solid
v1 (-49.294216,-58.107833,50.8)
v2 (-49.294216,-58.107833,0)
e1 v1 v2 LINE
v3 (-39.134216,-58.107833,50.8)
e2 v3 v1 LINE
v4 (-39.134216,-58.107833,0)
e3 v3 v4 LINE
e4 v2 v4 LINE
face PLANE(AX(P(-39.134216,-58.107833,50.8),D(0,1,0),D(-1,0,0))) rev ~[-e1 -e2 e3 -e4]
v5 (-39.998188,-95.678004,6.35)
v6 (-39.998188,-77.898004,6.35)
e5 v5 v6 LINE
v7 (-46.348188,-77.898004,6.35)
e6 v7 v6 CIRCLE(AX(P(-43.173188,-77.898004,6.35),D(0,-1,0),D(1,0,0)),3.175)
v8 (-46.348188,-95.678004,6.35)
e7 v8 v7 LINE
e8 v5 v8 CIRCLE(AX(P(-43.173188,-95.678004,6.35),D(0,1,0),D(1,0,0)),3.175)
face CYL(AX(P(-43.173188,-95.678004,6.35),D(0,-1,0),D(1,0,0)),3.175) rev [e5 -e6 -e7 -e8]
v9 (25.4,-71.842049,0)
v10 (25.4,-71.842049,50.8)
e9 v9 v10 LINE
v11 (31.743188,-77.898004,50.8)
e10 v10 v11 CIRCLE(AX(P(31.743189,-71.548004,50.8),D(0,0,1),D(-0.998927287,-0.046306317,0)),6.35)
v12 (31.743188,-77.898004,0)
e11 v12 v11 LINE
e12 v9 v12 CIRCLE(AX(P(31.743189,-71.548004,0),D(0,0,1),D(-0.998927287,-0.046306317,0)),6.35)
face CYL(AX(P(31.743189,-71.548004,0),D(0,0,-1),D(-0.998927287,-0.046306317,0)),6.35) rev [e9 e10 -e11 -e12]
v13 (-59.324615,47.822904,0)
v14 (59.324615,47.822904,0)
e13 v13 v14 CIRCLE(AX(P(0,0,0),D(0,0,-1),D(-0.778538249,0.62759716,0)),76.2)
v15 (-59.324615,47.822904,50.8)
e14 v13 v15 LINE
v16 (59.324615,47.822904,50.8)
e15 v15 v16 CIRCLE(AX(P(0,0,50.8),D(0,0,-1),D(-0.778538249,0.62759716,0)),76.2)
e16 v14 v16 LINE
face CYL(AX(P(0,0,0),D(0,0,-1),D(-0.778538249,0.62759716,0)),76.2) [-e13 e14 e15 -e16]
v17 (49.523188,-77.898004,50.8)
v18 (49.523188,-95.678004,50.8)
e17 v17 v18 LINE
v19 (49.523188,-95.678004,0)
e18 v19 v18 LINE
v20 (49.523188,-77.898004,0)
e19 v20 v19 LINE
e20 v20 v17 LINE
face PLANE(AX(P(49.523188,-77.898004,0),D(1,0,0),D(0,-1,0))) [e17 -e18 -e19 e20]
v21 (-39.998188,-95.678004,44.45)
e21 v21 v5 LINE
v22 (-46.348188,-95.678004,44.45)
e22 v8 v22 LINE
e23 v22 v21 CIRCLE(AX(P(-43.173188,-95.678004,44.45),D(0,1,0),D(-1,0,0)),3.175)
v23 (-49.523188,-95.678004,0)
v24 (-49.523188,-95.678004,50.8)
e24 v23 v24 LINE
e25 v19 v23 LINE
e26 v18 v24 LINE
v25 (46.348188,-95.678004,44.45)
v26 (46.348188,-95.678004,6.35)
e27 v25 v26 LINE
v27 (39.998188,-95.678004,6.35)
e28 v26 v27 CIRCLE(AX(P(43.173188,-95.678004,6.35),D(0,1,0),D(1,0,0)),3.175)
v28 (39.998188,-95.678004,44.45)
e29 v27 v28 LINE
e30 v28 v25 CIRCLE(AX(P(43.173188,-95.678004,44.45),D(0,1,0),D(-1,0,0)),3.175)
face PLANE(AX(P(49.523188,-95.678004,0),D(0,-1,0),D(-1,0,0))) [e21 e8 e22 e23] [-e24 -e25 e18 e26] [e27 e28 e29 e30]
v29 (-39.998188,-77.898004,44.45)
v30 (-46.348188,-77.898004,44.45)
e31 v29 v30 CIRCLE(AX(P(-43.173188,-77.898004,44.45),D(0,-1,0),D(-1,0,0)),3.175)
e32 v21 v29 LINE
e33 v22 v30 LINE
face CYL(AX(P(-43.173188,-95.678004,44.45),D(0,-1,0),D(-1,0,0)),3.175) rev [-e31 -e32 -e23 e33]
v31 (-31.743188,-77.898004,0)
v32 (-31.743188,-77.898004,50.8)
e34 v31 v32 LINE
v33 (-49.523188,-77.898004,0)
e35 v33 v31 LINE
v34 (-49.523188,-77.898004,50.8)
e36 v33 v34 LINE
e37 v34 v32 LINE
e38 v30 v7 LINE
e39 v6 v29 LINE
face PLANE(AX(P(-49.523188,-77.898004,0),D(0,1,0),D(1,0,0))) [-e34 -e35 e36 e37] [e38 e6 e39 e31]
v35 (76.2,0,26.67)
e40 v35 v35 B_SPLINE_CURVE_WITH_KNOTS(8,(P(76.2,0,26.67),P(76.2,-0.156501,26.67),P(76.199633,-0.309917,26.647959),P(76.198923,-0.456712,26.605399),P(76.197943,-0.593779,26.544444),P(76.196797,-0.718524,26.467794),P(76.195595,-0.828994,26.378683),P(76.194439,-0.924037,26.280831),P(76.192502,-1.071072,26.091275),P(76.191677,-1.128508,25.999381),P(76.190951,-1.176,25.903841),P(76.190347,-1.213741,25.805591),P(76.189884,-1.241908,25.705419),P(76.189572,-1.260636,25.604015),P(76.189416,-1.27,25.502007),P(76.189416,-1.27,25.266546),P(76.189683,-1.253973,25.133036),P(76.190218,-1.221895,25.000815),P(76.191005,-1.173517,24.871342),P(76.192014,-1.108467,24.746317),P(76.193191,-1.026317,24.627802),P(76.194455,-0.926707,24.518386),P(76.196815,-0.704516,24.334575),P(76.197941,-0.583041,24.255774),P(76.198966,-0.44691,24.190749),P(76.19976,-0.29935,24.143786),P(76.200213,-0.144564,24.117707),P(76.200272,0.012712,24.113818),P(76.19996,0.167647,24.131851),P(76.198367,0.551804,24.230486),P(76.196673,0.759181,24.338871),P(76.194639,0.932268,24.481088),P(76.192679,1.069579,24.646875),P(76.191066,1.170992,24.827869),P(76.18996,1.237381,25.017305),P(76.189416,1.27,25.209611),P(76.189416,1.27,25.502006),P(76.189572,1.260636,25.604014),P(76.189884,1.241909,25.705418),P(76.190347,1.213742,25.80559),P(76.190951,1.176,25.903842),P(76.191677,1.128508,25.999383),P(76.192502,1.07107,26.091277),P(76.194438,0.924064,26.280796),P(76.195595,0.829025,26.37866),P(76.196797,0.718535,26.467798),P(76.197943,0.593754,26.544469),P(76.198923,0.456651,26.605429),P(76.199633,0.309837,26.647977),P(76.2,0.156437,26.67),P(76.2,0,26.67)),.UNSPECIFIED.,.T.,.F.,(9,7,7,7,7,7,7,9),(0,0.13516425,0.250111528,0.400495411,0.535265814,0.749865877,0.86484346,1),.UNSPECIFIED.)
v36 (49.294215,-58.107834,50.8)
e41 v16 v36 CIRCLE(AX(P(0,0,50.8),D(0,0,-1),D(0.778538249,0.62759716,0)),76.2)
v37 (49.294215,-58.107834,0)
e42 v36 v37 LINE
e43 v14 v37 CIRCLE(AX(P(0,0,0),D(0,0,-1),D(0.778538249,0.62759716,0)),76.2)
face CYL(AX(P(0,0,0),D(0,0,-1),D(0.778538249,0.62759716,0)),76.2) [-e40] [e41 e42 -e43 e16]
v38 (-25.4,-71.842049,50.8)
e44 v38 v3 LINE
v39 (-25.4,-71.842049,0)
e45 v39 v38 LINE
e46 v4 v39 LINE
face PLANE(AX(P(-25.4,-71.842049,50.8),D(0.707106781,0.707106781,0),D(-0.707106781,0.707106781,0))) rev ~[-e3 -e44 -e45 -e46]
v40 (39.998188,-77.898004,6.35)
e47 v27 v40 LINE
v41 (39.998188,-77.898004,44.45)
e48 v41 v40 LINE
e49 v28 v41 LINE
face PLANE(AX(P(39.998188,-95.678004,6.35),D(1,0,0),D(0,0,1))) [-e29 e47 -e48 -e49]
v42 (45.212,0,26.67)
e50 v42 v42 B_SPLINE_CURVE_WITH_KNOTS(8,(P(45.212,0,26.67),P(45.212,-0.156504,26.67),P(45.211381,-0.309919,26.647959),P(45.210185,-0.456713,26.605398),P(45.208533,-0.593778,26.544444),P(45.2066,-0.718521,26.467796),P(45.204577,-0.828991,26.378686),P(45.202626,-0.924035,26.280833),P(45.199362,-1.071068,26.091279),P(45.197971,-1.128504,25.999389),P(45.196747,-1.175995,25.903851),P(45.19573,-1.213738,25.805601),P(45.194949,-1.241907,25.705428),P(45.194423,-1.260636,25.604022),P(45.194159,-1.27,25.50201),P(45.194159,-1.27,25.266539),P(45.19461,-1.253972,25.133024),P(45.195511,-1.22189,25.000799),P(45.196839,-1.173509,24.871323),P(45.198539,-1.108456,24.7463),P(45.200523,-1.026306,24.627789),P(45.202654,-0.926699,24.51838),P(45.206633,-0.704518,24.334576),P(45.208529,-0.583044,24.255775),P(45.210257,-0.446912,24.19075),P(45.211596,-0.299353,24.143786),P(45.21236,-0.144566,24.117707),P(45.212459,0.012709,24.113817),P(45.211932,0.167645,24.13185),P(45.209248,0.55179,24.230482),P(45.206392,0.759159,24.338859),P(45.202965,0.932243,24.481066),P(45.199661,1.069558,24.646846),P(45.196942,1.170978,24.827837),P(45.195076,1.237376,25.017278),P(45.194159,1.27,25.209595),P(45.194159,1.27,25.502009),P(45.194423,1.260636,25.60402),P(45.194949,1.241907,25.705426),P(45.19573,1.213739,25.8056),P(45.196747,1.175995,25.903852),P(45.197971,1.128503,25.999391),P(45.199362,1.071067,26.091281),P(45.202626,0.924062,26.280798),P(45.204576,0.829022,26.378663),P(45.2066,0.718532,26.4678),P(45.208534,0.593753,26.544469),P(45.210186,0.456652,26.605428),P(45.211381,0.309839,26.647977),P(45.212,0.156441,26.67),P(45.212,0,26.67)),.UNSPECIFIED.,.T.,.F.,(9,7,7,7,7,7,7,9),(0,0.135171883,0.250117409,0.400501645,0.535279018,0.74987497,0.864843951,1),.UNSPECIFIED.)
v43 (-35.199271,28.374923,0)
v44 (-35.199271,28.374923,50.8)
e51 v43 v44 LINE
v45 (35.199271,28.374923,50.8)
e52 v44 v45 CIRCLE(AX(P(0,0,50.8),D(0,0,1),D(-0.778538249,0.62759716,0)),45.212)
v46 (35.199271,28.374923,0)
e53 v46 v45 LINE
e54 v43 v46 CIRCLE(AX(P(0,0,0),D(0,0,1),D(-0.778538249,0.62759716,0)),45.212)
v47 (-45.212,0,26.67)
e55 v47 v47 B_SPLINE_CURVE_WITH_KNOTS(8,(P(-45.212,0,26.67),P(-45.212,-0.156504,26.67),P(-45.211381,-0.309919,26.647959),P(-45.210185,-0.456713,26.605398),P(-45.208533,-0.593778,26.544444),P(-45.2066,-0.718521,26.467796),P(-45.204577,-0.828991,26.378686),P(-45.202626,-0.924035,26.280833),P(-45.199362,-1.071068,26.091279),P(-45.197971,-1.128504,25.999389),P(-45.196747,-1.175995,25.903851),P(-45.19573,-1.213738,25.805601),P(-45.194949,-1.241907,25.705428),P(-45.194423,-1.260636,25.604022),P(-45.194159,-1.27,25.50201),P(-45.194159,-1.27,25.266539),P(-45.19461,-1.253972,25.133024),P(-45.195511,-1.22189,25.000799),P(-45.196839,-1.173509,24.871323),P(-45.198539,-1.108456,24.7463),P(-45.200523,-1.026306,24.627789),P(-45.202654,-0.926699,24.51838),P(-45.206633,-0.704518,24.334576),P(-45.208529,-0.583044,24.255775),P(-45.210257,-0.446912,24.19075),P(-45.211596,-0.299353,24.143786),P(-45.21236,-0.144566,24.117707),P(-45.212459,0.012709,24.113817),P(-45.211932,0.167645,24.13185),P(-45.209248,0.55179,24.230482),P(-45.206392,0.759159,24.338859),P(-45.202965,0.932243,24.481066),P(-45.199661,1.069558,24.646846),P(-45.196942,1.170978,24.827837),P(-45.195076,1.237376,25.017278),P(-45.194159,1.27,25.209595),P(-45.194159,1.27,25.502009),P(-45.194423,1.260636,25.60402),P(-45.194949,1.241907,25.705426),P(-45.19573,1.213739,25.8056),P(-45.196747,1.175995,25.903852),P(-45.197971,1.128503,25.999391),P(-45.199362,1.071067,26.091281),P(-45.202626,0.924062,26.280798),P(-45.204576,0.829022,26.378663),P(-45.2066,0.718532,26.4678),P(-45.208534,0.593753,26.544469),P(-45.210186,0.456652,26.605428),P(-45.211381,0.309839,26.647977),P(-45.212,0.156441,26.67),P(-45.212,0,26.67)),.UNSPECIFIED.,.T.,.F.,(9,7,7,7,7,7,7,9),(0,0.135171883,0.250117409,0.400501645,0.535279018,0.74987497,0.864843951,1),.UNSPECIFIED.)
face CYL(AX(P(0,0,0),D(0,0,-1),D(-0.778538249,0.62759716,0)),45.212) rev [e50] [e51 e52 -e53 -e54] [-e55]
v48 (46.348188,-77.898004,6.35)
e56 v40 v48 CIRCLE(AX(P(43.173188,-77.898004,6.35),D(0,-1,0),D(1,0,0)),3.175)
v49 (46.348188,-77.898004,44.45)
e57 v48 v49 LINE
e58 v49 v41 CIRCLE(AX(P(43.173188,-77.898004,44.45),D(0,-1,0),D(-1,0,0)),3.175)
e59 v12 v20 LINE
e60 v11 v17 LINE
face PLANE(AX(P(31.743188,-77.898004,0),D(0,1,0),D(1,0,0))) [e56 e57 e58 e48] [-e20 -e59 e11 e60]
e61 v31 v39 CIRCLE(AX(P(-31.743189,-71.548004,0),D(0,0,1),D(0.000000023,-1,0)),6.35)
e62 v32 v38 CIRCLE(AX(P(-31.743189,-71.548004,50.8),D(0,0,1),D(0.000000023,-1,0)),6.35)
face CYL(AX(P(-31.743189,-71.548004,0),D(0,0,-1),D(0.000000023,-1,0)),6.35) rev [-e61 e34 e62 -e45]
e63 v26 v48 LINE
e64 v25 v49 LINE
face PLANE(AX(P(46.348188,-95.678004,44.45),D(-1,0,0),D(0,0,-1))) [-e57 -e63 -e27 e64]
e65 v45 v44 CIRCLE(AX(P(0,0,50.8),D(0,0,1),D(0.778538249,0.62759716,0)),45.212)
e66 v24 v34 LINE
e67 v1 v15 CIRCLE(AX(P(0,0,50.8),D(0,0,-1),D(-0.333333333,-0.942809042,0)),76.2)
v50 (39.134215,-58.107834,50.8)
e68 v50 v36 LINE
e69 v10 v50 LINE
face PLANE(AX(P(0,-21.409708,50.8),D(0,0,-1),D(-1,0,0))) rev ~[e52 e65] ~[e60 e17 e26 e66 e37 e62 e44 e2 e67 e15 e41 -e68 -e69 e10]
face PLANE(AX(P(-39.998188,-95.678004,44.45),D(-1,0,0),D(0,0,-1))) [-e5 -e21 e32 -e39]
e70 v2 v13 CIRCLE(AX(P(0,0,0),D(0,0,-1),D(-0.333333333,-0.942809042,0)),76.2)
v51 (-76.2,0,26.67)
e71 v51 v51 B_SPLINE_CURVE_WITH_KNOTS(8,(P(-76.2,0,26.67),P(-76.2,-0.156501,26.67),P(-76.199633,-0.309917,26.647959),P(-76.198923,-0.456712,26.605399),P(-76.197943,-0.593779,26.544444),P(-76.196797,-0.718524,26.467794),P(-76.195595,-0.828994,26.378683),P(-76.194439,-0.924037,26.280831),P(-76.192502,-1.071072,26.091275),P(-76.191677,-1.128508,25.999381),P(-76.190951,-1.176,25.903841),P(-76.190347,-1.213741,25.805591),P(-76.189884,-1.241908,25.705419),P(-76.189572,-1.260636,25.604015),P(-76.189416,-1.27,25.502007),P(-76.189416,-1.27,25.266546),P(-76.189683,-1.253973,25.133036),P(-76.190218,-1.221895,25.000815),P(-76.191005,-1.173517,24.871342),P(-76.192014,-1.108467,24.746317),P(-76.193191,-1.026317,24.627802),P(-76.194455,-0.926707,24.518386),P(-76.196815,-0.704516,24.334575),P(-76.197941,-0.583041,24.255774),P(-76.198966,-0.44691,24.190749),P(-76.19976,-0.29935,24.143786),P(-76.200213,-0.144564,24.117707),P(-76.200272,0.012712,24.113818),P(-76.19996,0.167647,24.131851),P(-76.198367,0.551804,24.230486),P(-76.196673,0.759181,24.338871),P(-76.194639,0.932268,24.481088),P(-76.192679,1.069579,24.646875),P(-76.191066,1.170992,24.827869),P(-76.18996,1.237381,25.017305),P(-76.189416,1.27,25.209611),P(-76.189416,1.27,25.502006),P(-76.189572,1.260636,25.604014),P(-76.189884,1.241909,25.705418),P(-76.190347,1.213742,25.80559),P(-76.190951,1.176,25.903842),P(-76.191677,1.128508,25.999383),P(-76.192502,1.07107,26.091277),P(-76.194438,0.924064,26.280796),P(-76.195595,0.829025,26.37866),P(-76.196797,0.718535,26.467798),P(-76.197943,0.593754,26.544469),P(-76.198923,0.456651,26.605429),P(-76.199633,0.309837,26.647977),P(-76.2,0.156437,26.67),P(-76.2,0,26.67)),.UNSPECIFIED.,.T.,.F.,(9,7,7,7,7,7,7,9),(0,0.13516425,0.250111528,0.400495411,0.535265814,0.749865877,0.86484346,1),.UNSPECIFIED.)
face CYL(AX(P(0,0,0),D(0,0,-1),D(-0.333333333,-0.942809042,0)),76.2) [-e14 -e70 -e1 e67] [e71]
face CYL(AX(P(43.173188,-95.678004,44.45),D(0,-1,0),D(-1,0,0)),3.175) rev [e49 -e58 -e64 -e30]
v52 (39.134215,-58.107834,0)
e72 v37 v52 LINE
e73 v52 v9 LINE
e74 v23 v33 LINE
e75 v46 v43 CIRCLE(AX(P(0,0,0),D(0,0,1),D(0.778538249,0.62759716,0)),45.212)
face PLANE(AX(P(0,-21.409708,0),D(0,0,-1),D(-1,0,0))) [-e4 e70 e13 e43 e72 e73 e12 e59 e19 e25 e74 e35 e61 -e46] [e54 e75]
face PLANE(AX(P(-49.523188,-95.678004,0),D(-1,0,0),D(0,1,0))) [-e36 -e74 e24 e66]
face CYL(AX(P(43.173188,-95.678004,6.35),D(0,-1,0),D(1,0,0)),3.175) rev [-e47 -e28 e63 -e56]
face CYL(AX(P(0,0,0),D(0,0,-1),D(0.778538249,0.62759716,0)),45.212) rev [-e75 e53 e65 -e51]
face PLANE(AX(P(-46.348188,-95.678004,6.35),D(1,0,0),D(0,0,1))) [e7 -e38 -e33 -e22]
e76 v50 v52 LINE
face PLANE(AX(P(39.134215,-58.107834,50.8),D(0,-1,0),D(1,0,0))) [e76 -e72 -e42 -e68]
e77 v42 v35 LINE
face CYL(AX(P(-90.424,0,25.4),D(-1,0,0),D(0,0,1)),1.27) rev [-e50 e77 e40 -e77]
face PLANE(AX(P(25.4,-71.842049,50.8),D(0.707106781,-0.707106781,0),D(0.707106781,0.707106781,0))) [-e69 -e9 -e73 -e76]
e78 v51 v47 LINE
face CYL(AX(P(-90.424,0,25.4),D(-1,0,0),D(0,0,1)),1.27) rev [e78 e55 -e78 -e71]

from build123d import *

# Parameters (mm, degrees)
BOSS_EXTRUDE1_DEPTH     = 50.8
CUT_EXTRUDE1_DEPTH      = 25.4
CUT_EXTRUDE2_DEPTH      = 72.136
CUT_EXTRUDE3_DEPTH      = 113.284
CUT_EXTRUDE3_DEPTH_BACK = 90.424
SKETCH5_R               = 1.27


with BuildPart() as part:
    # Sketch2 → Boss-Extrude1 (new body)
    with BuildSketch(Plane.XY):
        with BuildLine():
            Line((31.743188487, -77.898004197), (49.523188487, -77.898004197))
            Line((49.523188487, -77.898004197), (49.523188487, -95.678004197))
            Line((49.523188487, -95.678004197), (-49.523188487, -95.678004197))
            Line((-49.523188487, -95.678004197), (-49.523188487, -77.898004197))
            Line((-49.523188487, -77.898004197), (-31.743188487, -77.898004197))
            ThreePointArc((-31.743188487, -77.898004197), (-27.358253154, -76.140916358), (-25.4, -71.842048969))
            ThreePointArc((-25.4, -71.842048969), (-73.310915254, -20.783399738), (-59.324614565, 47.822903578))
            ThreePointArc((-59.324614565, 47.822903578), (0, 76.2), (59.324614565, 47.822903578))
            ThreePointArc((59.324614565, 47.822903578), (73.310915254, -20.783399738), (25.4, -71.842048969))
            ThreePointArc((25.4, -71.842048969), (27.358253154, -76.140916358), (31.743188487, -77.898004197))
        make_face()
        with BuildLine():
            ThreePointArc((-35.199271309, 28.37492279), (0, -45.212), (35.199271309, 28.37492279))
            ThreePointArc((35.199271309, 28.37492279), (0, 45.212), (-35.199271309, 28.37492279))
        make_face(mode=Mode.SUBTRACT)
    extrude(amount=BOSS_EXTRUDE1_DEPTH)

    # Sketch3 → Cut-Extrude1 (cut)
    with BuildSketch(Plane.XZ.offset(95.678004197)):
        with BuildLine():
            Line((-39.998188487, 44.45), (-39.998188487, 6.35))
            ThreePointArc((-39.998188487, 6.35), (-43.173188487, 3.175), (-46.348188487, 6.35))
            Line((-46.348188487, 6.35), (-46.348188487, 44.45))
            ThreePointArc((-46.348188487, 44.45), (-43.173188487, 47.625), (-39.998188487, 44.45))
        make_face()
        with BuildLine():
            Line((46.348188487, 44.45), (46.348188487, 6.35))
            ThreePointArc((46.348188487, 6.35), (43.173188487, 3.175), (39.998188487, 6.35))
            Line((39.998188487, 6.35), (39.998188487, 44.45))
            ThreePointArc((39.998188487, 44.45), (43.173188487, 47.625), (46.348188487, 44.45))
        make_face()
    extrude(amount=-CUT_EXTRUDE1_DEPTH, mode=Mode.SUBTRACT)

    # Sketch4 → Cut-Extrude2 (cut)
    with BuildSketch(Plane.XY.offset(50.8)):
        with BuildLine():
            Line((25.4, -71.842048969), (39.134215056, -58.107833913))
            Line((39.134215056, -58.107833913), (49.294215056, -58.107833913))
            ThreePointArc((49.294215056, -58.107833913), (40.1915566, -69.92359541), (25.4, -71.842048969))
        make_face()
        with BuildLine():
            Line((-25.400000099, -71.842048964), (-39.134215677, -58.107833386))
            Line((-39.134215677, -58.107833386), (-49.294215677, -58.107833386))
            ThreePointArc((-49.294215677, -58.107833386), (-40.191557069, -69.923595252), (-25.400000099, -71.842048964))
        make_face()
    extrude(amount=-CUT_EXTRUDE2_DEPTH, mode=Mode.SUBTRACT)

    # Sketch5 → Cut-Extrude3 (cut, two sides: drawn at the far end of the back side and taken through both)
    with BuildSketch(Plane(origin=(0, 0, 0), x_dir=(0, 0, -1), z_dir=(1, 0, 0)).offset(-CUT_EXTRUDE3_DEPTH_BACK)):
        with Locations(Location((-25.4, 0, 0), (0, 0, 180))):
            Circle(SKETCH5_R)
    extrude(amount=CUT_EXTRUDE3_DEPTH + CUT_EXTRUDE3_DEPTH_BACK, mode=Mode.SUBTRACT)


solid = part.part
